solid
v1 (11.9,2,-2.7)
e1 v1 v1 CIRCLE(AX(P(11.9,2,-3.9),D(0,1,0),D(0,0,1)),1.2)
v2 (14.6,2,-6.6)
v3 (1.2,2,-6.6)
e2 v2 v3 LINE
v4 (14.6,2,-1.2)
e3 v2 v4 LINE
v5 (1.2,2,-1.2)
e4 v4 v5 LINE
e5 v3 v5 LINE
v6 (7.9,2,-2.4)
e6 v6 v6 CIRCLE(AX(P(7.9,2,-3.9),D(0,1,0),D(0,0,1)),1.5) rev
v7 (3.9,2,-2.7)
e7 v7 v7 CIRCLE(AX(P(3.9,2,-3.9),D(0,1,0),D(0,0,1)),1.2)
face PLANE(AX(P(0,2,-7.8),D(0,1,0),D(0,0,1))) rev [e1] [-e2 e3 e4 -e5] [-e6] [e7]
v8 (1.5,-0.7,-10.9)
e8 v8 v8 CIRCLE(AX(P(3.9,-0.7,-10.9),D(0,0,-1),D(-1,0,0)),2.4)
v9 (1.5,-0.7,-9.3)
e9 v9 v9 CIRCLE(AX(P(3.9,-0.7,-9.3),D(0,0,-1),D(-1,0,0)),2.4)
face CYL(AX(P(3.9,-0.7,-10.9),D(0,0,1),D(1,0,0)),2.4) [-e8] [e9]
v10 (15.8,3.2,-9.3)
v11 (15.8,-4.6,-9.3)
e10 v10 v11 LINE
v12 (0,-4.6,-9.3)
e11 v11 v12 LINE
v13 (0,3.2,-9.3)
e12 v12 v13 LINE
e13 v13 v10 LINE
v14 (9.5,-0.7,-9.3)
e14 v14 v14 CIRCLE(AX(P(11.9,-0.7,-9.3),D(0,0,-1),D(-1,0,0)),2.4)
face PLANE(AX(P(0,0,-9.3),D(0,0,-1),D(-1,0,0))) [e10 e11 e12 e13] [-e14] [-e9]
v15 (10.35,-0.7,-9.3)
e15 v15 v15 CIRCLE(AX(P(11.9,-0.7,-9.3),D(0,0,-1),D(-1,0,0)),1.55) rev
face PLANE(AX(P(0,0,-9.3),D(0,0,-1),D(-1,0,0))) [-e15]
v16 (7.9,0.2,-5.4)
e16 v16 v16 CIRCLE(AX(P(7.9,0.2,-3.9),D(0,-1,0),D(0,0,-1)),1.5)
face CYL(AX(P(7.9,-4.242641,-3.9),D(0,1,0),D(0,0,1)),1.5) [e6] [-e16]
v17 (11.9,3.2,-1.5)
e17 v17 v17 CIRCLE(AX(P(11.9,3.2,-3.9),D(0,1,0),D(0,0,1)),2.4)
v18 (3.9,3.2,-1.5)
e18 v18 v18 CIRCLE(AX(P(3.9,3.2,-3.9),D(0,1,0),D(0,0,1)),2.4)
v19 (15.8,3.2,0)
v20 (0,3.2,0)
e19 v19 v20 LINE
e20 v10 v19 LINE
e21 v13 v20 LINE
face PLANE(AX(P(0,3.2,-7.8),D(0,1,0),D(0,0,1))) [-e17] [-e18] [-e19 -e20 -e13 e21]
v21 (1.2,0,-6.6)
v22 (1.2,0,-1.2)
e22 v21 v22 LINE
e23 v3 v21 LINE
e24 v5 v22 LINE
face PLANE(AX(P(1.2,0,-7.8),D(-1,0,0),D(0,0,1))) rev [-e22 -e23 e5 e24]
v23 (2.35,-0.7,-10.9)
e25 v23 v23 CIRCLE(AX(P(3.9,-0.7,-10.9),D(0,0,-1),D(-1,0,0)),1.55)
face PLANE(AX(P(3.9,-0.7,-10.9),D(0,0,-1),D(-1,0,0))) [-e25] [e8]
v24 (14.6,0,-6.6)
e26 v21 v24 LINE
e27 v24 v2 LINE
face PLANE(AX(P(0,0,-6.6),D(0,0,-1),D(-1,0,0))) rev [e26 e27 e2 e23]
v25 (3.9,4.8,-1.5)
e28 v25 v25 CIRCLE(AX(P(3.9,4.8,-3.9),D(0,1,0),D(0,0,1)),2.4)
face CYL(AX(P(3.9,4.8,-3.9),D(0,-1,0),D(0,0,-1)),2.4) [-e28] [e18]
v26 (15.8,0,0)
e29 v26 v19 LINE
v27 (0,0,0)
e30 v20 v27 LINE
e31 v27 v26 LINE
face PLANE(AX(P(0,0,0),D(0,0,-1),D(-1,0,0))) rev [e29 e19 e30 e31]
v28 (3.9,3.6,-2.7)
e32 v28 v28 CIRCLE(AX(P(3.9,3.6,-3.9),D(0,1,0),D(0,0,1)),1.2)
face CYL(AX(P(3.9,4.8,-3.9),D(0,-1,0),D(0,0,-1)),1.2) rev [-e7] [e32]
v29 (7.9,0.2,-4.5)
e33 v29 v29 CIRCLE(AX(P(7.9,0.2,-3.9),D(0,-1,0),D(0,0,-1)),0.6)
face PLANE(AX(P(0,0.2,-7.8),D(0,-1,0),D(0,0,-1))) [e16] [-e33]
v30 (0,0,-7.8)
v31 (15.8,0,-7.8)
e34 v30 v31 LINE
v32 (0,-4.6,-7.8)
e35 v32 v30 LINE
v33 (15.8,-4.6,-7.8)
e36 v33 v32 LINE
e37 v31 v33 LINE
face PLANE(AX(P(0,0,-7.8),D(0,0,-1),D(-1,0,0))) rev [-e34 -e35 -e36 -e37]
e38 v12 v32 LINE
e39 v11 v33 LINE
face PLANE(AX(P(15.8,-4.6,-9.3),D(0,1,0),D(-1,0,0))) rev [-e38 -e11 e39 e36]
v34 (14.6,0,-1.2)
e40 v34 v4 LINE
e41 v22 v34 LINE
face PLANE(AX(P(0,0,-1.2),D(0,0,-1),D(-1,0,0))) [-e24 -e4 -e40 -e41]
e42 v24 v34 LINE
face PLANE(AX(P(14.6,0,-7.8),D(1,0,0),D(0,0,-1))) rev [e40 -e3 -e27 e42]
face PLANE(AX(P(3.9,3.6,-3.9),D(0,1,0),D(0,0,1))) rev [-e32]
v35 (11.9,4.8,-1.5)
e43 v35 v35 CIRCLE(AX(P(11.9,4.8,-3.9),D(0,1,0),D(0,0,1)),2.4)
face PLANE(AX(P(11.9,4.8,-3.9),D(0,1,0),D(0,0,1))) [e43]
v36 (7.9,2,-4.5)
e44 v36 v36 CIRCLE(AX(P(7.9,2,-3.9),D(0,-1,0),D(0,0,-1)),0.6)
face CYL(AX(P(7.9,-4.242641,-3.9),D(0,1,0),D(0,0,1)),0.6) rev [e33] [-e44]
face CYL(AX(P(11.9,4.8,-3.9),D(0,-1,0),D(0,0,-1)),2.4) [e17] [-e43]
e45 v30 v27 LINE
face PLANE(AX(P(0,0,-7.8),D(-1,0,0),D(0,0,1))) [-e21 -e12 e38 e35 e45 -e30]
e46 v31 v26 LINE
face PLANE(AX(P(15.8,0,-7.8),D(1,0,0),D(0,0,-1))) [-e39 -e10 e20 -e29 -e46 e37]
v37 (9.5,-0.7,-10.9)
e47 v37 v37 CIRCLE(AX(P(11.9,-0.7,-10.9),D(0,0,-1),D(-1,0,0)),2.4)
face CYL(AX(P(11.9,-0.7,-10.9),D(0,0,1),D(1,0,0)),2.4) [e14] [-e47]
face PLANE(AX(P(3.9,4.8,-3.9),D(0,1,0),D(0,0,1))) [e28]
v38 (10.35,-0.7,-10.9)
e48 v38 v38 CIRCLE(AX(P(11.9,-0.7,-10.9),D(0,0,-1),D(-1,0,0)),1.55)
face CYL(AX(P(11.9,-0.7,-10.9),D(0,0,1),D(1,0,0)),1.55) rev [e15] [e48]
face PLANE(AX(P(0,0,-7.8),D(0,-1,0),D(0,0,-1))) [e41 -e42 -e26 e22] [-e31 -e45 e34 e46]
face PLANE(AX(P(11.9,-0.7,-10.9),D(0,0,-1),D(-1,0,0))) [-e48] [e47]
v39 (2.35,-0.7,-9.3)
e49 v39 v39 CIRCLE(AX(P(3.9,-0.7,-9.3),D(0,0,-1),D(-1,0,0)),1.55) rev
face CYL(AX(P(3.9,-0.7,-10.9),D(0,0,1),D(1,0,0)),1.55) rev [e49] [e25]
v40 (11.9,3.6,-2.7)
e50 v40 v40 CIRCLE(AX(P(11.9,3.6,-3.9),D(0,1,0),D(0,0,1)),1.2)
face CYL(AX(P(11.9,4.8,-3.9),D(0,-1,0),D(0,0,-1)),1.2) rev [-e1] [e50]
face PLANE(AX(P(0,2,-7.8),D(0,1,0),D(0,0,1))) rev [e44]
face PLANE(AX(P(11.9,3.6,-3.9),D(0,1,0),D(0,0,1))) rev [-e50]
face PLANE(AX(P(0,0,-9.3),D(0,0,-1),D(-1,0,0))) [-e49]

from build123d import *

# Parameters (mm, degrees)
SKETCH1_W            = 15.8
SKETCH1_H            = 3.2
BOSS_EXTRUDE1_DEPTH  = 7.8
SKETCH2_R            = 2.4
BOSS_EXTRUDE2_DEPTH  = 1.6
LPATTERN1_COUNT      = 2
LPATTERN1_PITCH      = 8
LPATTERN1_COUNT_DIR2 = 6
LPATTERN1_PITCH_DIR2 = 8
SHELL1_T             = -1.2
SKETCH3_R            = 1.5
SKETCH3_R_2          = 0.6
BOSS_EXTRUDE3_DEPTH  = 1.8
SKETCH4_W            = 15.8
SKETCH4_H            = 7.8
BOSS_EXTRUDE4_DEPTH  = 1.5
SKETCH5_R            = 2.4
SKETCH5_R_2          = 1.55
BOSS_EXTRUDE5_DEPTH  = 1.6
LPATTERN2_COUNT      = 2
LPATTERN2_PITCH      = 8


with BuildPart() as part:
    # Sketch1 → Boss-Extrude1 (new body)
    with BuildSketch(Plane.XY):
        with Locations((7.9, 1.6)):
            Rectangle(SKETCH1_W, SKETCH1_H)
    extrude(amount=-BOSS_EXTRUDE1_DEPTH)

    # Sketch2 → Boss-Extrude2 (add)
    with BuildSketch(Plane(origin=(0, 3.2, 0), x_dir=(1, 0, 0), z_dir=(0, 1, 0))):
        with Locations(Location((3.9, 3.9, 0), (0, 0, 270))):
            Circle(SKETCH2_R)
    boss_extrude2 = extrude(amount=BOSS_EXTRUDE2_DEPTH)

    # LPattern1: Boss-Extrude2 2 × 6, 10 skipped
    with Locations(*[(j * LPATTERN1_PITCH_DIR2, 0, i * LPATTERN1_PITCH) for i in range(LPATTERN1_COUNT) for j in range(LPATTERN1_COUNT_DIR2) if (i, j) not in ((0, 0), (0, 2), (0, 3), (0, 4), (0, 5), (1, 0), (1, 1), (1, 2), (1, 3), (1, 4), (1, 5))]):
        add(boss_extrude2)

    # Shell1
    shell1_openings = [part.faces().sort_by_distance(p)[0] for p in [
        (7.9, 0, -3.9),
    ]]
    offset(amount=SHELL1_T, openings=shell1_openings, kind=Kind.INTERSECTION)

    # Sketch3 → Boss-Extrude3 (add)
    with BuildSketch(Plane.XZ.offset(-2)):
        with Locations(Location((7.9, -3.9, 0), (0, 0, 90))):
            Circle(SKETCH3_R)
        with Locations(Location((7.9, -3.9, 0), (0, 0, 270))):
            Circle(SKETCH3_R_2, mode=Mode.SUBTRACT)
    extrude(amount=BOSS_EXTRUDE3_DEPTH)

    # Sketch4 → Boss-Extrude4 (add)
    with BuildSketch(Plane(origin=(0, 0, -7.8), x_dir=(-1, 0, 0), z_dir=(0, 0, -1))):
        with Locations((-7.9, -0.7)):
            Rectangle(SKETCH4_W, SKETCH4_H)
    extrude(amount=BOSS_EXTRUDE4_DEPTH)

    # Sketch5 → Boss-Extrude5 (add)
    with BuildSketch(Plane(origin=(0, 0, -9.3), x_dir=(-1, 0, 0), z_dir=(0, 0, -1))):
        with Locations((-3.9, -0.7)):
            Circle(SKETCH5_R)
        with Locations((-3.9, -0.7)):
            Circle(SKETCH5_R_2, mode=Mode.SUBTRACT)
    boss_extrude5 = extrude(amount=BOSS_EXTRUDE5_DEPTH)

    # LPattern2: Boss-Extrude5 ×2
    with Locations(*[(i * LPATTERN2_PITCH, 0, 0) for i in range(1, LPATTERN2_COUNT)]):
        add(boss_extrude5)


solid = part.part
